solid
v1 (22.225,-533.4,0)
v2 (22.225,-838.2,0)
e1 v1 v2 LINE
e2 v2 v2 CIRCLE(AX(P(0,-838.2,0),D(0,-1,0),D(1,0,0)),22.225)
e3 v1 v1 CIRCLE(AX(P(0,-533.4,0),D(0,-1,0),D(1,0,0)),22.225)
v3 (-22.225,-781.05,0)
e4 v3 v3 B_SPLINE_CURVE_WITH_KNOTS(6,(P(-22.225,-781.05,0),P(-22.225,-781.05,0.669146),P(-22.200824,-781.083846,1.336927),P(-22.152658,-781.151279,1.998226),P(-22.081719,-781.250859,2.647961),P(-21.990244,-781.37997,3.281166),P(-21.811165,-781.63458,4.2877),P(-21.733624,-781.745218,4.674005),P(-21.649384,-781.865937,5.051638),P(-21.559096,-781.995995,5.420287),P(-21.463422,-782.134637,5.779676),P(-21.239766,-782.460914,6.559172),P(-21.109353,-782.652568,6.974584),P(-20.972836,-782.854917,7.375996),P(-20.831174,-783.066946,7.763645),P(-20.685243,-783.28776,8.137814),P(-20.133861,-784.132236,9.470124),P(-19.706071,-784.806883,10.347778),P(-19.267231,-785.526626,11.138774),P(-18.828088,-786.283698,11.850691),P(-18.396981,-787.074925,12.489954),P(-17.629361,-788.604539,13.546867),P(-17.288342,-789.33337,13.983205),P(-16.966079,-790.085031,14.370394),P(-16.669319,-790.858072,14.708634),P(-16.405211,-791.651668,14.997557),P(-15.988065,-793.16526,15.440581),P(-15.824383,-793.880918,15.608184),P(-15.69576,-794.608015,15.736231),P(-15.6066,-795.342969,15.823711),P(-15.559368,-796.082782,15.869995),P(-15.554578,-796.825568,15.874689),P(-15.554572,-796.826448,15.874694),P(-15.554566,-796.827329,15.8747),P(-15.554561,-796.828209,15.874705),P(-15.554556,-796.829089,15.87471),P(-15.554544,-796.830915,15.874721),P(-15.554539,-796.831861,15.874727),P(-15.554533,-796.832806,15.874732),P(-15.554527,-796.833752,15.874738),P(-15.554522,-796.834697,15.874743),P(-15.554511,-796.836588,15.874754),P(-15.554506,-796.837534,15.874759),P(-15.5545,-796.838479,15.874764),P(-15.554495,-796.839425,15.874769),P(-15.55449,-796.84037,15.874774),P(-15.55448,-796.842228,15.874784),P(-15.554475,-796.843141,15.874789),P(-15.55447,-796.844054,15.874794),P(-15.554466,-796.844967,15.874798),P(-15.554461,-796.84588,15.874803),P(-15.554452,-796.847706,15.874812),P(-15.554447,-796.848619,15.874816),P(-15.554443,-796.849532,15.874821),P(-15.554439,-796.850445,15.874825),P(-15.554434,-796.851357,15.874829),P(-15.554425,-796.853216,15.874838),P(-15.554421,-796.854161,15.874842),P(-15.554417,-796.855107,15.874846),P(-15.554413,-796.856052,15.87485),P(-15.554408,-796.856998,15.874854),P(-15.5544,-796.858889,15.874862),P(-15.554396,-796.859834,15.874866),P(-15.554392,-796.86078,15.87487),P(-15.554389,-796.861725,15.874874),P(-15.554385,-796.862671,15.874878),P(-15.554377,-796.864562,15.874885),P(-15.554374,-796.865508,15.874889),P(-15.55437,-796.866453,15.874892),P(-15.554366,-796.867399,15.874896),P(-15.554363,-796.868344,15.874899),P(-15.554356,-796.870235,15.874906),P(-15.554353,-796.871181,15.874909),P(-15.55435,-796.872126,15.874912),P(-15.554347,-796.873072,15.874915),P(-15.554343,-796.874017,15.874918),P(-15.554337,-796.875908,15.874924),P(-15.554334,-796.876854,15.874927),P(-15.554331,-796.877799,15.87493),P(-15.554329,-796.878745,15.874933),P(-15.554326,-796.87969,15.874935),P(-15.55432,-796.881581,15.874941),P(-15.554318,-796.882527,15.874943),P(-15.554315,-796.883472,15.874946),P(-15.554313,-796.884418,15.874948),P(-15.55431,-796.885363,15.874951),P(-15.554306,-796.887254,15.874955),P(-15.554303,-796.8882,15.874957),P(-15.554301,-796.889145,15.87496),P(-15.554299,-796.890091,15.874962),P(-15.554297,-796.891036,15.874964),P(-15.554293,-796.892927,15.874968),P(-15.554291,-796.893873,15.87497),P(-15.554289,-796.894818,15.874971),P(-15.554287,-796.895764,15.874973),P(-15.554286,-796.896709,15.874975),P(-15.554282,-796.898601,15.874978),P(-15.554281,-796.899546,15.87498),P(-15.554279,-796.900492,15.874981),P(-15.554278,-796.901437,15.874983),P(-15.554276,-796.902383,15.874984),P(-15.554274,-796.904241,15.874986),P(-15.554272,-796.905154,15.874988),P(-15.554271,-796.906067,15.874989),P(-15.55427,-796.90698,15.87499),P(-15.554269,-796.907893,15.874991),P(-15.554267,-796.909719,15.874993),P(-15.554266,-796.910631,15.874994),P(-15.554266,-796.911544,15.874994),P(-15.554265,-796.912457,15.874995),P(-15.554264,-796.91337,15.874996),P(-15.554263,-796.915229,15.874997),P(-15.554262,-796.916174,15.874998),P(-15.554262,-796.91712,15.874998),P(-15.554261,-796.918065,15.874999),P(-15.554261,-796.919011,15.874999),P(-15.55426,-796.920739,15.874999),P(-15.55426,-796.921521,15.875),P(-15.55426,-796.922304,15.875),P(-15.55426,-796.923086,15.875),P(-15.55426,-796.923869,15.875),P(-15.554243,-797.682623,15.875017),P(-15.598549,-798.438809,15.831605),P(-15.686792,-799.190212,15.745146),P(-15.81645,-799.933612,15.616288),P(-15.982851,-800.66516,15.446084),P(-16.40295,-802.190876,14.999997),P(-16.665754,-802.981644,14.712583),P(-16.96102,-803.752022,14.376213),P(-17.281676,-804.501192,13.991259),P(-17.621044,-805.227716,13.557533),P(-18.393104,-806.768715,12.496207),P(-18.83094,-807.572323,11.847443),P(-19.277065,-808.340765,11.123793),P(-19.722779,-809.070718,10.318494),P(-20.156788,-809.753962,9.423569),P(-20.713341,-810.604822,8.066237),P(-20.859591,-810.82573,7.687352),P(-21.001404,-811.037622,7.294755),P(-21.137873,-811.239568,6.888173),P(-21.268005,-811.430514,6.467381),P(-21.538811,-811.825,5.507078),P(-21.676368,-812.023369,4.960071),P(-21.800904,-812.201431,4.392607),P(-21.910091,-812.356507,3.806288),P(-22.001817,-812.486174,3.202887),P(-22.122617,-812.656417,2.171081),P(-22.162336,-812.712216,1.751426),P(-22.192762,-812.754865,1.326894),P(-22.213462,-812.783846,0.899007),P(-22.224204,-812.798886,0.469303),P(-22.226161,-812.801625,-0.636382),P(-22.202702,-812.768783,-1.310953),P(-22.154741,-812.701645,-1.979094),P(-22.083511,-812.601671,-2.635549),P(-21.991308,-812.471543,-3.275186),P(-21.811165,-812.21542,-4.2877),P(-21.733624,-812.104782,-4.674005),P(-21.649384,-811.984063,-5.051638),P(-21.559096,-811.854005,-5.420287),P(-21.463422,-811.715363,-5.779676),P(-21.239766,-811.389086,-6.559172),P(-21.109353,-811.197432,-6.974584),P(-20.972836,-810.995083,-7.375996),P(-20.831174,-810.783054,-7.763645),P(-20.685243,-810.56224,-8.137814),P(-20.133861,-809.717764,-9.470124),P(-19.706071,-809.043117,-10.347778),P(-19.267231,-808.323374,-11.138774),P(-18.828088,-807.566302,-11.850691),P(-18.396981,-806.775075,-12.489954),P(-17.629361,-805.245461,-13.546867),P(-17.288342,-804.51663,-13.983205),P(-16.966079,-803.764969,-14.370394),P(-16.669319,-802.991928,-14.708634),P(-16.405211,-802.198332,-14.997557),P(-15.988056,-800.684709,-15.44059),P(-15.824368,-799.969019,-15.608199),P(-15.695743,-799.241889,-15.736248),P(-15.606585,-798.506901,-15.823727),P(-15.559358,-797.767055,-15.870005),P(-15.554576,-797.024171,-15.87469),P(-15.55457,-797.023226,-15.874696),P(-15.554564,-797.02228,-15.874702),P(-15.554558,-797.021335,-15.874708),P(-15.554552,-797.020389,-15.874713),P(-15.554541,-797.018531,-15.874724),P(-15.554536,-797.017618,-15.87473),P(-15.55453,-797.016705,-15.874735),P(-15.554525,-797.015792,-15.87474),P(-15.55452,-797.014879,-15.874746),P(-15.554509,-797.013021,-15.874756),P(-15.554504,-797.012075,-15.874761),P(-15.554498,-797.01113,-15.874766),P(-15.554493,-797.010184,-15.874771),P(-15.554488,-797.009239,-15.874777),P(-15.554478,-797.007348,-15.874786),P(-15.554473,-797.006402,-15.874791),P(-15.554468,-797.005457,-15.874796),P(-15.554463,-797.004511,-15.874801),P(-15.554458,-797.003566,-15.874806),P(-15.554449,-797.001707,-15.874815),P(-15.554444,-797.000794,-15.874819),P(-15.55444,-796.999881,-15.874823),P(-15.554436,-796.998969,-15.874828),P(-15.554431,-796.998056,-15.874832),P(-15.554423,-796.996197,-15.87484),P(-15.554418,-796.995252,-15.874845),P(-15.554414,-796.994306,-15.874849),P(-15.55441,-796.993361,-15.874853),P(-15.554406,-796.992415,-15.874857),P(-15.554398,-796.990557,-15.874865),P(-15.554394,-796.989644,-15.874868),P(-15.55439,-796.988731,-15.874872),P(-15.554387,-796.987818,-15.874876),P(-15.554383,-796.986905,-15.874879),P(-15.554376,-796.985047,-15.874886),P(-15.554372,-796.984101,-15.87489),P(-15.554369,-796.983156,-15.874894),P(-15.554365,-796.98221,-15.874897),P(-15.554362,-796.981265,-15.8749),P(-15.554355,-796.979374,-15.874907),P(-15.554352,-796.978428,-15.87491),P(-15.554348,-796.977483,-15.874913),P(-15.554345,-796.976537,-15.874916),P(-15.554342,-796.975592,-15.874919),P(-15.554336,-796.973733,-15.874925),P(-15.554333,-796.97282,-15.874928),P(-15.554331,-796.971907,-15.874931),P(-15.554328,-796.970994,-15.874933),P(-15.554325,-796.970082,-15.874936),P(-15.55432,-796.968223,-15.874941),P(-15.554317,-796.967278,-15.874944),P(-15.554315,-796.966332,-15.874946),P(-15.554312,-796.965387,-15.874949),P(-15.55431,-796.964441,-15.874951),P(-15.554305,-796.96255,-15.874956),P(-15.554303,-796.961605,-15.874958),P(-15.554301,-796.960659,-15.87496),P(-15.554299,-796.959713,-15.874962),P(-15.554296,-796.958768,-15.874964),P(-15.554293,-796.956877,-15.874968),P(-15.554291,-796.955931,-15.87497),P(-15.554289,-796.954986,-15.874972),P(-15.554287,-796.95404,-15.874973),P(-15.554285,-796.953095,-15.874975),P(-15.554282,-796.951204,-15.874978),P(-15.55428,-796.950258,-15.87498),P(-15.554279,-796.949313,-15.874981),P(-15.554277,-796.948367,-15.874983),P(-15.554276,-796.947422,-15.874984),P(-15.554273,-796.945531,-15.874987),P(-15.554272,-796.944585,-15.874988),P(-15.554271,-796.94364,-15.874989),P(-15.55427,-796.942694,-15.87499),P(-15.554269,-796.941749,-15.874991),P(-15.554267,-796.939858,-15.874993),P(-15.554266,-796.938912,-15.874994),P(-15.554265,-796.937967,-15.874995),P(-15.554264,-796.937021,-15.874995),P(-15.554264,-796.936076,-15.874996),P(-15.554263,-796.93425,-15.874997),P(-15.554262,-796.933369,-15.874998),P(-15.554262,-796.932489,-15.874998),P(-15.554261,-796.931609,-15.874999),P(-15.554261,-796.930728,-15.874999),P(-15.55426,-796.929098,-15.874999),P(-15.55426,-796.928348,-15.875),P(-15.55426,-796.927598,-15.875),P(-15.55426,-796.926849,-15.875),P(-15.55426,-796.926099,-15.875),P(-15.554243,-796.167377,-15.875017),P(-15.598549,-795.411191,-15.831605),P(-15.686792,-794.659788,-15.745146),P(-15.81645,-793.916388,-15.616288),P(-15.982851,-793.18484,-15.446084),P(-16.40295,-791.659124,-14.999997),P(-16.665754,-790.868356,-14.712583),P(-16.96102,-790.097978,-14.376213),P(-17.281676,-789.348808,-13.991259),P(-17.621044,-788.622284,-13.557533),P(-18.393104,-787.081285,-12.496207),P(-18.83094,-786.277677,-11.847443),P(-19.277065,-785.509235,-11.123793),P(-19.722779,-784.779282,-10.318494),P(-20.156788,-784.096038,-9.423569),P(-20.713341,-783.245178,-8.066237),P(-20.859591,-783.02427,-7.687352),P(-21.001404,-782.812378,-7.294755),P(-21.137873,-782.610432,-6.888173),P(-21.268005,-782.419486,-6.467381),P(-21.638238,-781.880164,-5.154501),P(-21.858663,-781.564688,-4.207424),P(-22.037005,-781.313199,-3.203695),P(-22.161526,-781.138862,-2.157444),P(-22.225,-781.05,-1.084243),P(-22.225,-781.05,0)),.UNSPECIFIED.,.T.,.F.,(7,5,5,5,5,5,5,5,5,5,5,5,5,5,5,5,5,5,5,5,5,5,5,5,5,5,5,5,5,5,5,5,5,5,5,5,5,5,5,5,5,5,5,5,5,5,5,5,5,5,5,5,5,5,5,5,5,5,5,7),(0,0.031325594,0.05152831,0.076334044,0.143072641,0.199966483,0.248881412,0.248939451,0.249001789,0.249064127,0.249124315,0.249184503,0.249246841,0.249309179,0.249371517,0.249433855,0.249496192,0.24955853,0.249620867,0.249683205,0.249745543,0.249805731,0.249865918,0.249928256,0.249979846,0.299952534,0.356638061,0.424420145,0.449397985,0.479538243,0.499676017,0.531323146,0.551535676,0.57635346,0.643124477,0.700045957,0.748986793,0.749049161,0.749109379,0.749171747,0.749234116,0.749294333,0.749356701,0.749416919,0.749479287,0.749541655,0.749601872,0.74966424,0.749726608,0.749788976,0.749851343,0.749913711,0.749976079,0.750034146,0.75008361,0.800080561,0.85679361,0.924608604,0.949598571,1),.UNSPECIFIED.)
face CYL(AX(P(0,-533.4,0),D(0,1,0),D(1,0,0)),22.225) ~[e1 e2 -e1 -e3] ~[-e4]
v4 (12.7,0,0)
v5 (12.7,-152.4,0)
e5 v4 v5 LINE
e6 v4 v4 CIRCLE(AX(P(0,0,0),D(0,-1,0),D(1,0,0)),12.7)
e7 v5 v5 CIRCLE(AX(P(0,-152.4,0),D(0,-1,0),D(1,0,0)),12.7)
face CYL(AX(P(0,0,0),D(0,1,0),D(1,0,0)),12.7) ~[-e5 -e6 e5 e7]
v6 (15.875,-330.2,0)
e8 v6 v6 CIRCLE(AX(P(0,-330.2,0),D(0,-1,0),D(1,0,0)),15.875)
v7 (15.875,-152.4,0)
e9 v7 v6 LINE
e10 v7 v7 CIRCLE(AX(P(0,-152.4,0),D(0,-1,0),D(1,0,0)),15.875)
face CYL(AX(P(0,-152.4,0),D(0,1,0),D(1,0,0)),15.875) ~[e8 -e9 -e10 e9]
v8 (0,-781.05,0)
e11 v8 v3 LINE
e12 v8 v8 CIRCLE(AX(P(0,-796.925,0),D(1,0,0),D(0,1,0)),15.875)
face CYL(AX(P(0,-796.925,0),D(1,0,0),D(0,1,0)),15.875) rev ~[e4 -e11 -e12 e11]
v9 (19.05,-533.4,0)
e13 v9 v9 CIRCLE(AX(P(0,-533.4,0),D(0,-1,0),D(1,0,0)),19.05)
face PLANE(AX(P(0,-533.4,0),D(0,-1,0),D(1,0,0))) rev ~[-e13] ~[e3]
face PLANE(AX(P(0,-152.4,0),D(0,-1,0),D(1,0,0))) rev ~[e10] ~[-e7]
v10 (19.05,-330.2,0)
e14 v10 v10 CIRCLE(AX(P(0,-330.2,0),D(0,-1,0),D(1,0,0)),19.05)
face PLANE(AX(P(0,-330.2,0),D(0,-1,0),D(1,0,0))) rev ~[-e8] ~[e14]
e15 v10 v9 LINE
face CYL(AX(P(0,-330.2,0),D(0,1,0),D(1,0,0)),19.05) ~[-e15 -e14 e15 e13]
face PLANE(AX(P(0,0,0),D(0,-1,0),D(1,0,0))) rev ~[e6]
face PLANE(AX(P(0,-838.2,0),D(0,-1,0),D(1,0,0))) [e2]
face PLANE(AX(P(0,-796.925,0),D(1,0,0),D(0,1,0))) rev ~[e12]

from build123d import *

# Parameters (mm, degrees)
F0_R     = 12.7
F1_DEPTH = 152.4
F2_R     = 15.875
F2_R_2   = 12.7
F3_DEPTH = 177.8
F4_R     = 19.05
F4_R_2   = 15.875
F5_DEPTH = 203.2
F6_R     = 22.225
F6_R_2   = 19.05
F7_DEPTH = 304.8
F8_R     = 15.875
F9_DEPTH = 25.4


with BuildPart() as f1:
    # F0 (on Front) → F1 (new body)
    with BuildSketch(Plane.XZ):
        Circle(F0_R)
    extrude(amount=F1_DEPTH)

    # F2 (on face) → F3 (join)
    with BuildSketch(Plane.XZ.offset(152.4)):
        Circle(F2_R)
        Circle(F2_R_2, mode=Mode.SUBTRACT)
        Circle(F2_R_2)
    extrude(amount=F3_DEPTH)

    # F4 (on face) → F5 (join)
    with BuildSketch(Plane.XZ.offset(330.2)):
        Circle(F4_R)
        Circle(F4_R_2, mode=Mode.SUBTRACT)
        Circle(F4_R_2)
    extrude(amount=F5_DEPTH)

    # F6 (on face) → F7 (join)
    with BuildSketch(Plane.XZ.offset(533.4)):
        Circle(F6_R)
        Circle(F6_R_2, mode=Mode.SUBTRACT)
        Circle(F6_R_2)
    extrude(amount=F7_DEPTH)

    # F8 (on Right) → F9 (cut)
    with BuildSketch(Plane.YZ):
        with Locations((-796.925, 0)):
            Circle(F8_R)
    extrude(amount=-F9_DEPTH, mode=Mode.SUBTRACT)


solid = f1.part
